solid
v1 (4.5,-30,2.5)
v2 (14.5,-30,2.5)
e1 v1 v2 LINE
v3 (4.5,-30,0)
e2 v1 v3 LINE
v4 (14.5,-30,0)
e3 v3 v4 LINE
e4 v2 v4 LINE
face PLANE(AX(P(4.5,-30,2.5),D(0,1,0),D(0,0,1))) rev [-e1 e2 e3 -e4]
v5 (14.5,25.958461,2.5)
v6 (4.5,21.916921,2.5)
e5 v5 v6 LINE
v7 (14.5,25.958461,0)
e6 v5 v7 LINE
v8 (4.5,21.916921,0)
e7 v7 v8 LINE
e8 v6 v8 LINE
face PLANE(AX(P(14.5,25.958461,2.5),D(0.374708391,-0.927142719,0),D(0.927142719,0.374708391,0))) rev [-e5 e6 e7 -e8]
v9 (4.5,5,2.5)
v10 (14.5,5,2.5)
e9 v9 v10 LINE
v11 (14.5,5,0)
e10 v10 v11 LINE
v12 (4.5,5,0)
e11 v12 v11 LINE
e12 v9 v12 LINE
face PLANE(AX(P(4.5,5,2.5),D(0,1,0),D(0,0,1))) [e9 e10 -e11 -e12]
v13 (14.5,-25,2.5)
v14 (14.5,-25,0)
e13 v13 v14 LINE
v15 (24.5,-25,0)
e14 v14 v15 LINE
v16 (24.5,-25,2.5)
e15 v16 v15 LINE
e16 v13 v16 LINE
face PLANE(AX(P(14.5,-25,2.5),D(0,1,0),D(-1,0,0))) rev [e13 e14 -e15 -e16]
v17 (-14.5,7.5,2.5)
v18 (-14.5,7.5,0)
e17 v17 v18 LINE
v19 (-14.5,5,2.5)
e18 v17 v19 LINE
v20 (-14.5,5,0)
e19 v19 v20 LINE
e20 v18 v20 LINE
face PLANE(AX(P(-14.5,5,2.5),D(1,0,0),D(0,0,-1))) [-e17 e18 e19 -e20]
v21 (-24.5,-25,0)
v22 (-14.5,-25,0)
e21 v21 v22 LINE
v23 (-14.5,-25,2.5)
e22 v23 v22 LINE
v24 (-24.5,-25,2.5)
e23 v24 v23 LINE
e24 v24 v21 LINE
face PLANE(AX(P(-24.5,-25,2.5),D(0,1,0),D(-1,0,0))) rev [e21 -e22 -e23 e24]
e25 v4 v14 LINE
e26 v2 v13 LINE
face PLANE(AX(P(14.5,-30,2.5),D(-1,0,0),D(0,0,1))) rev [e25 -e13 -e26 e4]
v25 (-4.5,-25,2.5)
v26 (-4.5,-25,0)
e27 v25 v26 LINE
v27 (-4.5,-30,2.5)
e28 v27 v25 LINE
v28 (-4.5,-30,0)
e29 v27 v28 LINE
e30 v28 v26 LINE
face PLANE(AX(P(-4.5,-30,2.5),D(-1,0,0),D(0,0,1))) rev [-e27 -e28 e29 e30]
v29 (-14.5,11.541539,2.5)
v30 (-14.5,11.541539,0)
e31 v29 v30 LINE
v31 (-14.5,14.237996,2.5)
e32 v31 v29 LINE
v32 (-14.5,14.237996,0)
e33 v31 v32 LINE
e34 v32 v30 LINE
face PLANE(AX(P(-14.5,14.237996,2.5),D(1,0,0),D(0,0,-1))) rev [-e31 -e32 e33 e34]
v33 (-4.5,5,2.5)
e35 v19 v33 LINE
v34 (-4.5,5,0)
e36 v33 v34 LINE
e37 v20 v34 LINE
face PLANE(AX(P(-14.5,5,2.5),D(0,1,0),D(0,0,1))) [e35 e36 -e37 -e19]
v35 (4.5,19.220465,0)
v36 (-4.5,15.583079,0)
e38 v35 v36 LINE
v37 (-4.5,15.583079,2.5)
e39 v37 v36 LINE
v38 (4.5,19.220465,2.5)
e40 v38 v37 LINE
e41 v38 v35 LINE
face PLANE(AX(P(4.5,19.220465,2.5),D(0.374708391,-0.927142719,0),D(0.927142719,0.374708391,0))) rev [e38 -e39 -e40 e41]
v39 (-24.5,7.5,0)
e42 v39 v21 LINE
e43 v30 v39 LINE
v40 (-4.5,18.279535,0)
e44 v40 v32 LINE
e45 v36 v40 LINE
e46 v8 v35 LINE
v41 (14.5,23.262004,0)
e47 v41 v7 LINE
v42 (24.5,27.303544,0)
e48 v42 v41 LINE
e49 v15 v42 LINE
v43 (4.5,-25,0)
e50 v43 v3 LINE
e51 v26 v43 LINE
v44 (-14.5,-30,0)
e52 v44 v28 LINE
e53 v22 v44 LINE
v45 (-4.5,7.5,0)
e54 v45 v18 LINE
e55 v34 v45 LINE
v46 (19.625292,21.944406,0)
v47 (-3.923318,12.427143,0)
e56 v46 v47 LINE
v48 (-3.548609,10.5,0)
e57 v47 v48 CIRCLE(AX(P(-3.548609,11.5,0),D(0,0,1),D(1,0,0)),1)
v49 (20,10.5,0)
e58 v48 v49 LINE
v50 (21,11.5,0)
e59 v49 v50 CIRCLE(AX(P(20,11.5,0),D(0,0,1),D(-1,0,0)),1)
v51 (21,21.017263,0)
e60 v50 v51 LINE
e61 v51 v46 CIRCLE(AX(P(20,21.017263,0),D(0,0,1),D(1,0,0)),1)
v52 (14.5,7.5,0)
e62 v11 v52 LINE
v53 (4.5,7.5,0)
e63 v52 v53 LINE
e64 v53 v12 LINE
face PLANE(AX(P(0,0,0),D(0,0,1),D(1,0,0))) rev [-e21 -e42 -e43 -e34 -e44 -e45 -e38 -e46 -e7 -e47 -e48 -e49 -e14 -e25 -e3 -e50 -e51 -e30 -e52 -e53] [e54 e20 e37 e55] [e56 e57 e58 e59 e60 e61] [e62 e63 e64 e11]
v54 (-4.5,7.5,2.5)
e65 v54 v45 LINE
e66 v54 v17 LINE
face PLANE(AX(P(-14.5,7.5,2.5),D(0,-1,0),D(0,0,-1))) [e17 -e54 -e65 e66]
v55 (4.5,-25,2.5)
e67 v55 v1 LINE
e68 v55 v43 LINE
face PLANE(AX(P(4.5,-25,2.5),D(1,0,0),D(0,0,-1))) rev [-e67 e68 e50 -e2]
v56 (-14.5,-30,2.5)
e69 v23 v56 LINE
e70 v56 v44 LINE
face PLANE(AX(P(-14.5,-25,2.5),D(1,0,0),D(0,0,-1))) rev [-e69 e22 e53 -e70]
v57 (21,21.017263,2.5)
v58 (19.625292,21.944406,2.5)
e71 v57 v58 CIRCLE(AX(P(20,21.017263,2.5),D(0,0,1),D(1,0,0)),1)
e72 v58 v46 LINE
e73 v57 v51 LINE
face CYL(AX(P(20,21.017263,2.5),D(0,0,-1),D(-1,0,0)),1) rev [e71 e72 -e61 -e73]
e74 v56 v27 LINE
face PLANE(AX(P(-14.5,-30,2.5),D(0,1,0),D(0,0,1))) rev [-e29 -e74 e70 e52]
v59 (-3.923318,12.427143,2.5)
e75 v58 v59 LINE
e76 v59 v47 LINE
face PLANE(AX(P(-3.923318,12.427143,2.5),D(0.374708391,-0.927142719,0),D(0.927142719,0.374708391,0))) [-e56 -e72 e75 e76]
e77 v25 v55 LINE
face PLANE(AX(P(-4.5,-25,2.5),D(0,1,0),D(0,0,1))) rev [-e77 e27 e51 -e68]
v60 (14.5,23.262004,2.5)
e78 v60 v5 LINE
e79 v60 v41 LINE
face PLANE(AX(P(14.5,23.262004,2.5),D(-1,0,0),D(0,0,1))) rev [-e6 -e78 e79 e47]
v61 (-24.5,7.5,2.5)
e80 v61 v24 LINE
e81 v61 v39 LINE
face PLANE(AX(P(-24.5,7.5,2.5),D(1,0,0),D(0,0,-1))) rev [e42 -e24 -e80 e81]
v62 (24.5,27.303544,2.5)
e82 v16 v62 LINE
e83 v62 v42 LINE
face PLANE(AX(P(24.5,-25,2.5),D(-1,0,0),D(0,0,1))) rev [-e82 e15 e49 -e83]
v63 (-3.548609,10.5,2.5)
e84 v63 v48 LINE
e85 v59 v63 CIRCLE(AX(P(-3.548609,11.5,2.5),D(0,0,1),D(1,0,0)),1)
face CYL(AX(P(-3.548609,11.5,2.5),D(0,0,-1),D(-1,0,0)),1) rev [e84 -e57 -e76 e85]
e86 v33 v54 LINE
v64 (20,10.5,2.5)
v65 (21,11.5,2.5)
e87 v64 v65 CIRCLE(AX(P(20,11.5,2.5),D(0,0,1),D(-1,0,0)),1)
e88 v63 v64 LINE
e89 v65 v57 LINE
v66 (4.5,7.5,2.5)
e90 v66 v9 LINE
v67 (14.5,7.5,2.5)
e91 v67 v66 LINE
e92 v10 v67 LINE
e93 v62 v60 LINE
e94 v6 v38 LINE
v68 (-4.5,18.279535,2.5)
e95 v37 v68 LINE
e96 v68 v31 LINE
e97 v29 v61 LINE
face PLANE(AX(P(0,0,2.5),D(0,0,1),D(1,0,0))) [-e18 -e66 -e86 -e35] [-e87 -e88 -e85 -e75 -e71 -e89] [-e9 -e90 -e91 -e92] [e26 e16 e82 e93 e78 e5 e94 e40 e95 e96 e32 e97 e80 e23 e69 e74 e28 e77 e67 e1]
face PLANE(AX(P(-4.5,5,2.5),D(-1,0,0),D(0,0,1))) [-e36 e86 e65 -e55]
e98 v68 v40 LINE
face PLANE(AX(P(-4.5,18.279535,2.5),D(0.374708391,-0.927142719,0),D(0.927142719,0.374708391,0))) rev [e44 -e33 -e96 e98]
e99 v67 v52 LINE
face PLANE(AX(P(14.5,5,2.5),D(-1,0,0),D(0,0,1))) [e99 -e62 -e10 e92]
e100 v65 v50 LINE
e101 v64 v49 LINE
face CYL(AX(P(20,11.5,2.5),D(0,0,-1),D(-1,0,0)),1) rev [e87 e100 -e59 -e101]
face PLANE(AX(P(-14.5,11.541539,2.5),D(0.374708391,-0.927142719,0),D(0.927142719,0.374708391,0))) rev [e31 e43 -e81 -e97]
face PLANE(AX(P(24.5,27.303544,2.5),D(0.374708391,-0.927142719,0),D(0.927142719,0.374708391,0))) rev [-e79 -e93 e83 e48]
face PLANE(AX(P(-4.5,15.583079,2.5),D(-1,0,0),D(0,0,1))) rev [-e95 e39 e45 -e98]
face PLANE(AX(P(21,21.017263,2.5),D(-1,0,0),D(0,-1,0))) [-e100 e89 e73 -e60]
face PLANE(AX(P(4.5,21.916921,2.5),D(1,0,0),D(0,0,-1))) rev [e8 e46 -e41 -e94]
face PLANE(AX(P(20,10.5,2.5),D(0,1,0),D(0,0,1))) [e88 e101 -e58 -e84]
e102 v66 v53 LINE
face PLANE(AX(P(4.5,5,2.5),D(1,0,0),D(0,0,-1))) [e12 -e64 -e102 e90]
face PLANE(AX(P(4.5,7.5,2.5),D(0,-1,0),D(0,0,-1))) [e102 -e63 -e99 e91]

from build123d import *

# Parameters (mm, degrees)
SKETCH1_W           = 10
SKETCH1_H           = 2.5
BOSS_EXTRUDE1_DEPTH = 2.5


with BuildPart() as part:
    # Sketch1 → Boss-Extrude1 (new body)
    with BuildSketch(Plane.XY):
        Polygon((-24.5, -25), (-14.5, -25), (-14.5, -30), (-4.5, -30), (-4.5, -25), (4.5, -25), (4.5, -30), (14.5, -30), (14.5, -25), (24.5, -25), (24.5, 27.303543512), (14.5, 23.26200402), (14.5, 25.958460508), (4.5, 21.916921016), (4.5, 19.220464528), (-4.5, 15.583078984), (-4.5, 18.279535472), (-14.5, 14.23799598), (-14.5, 11.541539492), (-24.5, 7.5), align=None)
        with Locations((-9.5, 6.25)):
            Rectangle(SKETCH1_W, SKETCH1_H, mode=Mode.SUBTRACT)
        with Locations((9.5, 6.25)):
            Rectangle(SKETCH1_W, SKETCH1_H, mode=Mode.SUBTRACT)
        with BuildLine():
            Line((21, 21.017263456), (21, 11.5))
            ThreePointArc((21, 11.5), (20.707106781, 10.792893219), (20, 10.5))
            Line((20, 10.5), (-3.54860932, 10.5))
            ThreePointArc((-3.54860932, 10.5), (-4.530226027, 11.309137116), (-3.923317712, 12.427142719))
            Line((-3.923317712, 12.427142719), (19.625291609, 21.944406175))
            ThreePointArc((19.625291609, 21.944406175), (20.559147391, 21.846331725), (21, 21.017263456))
        make_face(mode=Mode.SUBTRACT)
    extrude(amount=BOSS_EXTRUDE1_DEPTH)


solid = part.part
